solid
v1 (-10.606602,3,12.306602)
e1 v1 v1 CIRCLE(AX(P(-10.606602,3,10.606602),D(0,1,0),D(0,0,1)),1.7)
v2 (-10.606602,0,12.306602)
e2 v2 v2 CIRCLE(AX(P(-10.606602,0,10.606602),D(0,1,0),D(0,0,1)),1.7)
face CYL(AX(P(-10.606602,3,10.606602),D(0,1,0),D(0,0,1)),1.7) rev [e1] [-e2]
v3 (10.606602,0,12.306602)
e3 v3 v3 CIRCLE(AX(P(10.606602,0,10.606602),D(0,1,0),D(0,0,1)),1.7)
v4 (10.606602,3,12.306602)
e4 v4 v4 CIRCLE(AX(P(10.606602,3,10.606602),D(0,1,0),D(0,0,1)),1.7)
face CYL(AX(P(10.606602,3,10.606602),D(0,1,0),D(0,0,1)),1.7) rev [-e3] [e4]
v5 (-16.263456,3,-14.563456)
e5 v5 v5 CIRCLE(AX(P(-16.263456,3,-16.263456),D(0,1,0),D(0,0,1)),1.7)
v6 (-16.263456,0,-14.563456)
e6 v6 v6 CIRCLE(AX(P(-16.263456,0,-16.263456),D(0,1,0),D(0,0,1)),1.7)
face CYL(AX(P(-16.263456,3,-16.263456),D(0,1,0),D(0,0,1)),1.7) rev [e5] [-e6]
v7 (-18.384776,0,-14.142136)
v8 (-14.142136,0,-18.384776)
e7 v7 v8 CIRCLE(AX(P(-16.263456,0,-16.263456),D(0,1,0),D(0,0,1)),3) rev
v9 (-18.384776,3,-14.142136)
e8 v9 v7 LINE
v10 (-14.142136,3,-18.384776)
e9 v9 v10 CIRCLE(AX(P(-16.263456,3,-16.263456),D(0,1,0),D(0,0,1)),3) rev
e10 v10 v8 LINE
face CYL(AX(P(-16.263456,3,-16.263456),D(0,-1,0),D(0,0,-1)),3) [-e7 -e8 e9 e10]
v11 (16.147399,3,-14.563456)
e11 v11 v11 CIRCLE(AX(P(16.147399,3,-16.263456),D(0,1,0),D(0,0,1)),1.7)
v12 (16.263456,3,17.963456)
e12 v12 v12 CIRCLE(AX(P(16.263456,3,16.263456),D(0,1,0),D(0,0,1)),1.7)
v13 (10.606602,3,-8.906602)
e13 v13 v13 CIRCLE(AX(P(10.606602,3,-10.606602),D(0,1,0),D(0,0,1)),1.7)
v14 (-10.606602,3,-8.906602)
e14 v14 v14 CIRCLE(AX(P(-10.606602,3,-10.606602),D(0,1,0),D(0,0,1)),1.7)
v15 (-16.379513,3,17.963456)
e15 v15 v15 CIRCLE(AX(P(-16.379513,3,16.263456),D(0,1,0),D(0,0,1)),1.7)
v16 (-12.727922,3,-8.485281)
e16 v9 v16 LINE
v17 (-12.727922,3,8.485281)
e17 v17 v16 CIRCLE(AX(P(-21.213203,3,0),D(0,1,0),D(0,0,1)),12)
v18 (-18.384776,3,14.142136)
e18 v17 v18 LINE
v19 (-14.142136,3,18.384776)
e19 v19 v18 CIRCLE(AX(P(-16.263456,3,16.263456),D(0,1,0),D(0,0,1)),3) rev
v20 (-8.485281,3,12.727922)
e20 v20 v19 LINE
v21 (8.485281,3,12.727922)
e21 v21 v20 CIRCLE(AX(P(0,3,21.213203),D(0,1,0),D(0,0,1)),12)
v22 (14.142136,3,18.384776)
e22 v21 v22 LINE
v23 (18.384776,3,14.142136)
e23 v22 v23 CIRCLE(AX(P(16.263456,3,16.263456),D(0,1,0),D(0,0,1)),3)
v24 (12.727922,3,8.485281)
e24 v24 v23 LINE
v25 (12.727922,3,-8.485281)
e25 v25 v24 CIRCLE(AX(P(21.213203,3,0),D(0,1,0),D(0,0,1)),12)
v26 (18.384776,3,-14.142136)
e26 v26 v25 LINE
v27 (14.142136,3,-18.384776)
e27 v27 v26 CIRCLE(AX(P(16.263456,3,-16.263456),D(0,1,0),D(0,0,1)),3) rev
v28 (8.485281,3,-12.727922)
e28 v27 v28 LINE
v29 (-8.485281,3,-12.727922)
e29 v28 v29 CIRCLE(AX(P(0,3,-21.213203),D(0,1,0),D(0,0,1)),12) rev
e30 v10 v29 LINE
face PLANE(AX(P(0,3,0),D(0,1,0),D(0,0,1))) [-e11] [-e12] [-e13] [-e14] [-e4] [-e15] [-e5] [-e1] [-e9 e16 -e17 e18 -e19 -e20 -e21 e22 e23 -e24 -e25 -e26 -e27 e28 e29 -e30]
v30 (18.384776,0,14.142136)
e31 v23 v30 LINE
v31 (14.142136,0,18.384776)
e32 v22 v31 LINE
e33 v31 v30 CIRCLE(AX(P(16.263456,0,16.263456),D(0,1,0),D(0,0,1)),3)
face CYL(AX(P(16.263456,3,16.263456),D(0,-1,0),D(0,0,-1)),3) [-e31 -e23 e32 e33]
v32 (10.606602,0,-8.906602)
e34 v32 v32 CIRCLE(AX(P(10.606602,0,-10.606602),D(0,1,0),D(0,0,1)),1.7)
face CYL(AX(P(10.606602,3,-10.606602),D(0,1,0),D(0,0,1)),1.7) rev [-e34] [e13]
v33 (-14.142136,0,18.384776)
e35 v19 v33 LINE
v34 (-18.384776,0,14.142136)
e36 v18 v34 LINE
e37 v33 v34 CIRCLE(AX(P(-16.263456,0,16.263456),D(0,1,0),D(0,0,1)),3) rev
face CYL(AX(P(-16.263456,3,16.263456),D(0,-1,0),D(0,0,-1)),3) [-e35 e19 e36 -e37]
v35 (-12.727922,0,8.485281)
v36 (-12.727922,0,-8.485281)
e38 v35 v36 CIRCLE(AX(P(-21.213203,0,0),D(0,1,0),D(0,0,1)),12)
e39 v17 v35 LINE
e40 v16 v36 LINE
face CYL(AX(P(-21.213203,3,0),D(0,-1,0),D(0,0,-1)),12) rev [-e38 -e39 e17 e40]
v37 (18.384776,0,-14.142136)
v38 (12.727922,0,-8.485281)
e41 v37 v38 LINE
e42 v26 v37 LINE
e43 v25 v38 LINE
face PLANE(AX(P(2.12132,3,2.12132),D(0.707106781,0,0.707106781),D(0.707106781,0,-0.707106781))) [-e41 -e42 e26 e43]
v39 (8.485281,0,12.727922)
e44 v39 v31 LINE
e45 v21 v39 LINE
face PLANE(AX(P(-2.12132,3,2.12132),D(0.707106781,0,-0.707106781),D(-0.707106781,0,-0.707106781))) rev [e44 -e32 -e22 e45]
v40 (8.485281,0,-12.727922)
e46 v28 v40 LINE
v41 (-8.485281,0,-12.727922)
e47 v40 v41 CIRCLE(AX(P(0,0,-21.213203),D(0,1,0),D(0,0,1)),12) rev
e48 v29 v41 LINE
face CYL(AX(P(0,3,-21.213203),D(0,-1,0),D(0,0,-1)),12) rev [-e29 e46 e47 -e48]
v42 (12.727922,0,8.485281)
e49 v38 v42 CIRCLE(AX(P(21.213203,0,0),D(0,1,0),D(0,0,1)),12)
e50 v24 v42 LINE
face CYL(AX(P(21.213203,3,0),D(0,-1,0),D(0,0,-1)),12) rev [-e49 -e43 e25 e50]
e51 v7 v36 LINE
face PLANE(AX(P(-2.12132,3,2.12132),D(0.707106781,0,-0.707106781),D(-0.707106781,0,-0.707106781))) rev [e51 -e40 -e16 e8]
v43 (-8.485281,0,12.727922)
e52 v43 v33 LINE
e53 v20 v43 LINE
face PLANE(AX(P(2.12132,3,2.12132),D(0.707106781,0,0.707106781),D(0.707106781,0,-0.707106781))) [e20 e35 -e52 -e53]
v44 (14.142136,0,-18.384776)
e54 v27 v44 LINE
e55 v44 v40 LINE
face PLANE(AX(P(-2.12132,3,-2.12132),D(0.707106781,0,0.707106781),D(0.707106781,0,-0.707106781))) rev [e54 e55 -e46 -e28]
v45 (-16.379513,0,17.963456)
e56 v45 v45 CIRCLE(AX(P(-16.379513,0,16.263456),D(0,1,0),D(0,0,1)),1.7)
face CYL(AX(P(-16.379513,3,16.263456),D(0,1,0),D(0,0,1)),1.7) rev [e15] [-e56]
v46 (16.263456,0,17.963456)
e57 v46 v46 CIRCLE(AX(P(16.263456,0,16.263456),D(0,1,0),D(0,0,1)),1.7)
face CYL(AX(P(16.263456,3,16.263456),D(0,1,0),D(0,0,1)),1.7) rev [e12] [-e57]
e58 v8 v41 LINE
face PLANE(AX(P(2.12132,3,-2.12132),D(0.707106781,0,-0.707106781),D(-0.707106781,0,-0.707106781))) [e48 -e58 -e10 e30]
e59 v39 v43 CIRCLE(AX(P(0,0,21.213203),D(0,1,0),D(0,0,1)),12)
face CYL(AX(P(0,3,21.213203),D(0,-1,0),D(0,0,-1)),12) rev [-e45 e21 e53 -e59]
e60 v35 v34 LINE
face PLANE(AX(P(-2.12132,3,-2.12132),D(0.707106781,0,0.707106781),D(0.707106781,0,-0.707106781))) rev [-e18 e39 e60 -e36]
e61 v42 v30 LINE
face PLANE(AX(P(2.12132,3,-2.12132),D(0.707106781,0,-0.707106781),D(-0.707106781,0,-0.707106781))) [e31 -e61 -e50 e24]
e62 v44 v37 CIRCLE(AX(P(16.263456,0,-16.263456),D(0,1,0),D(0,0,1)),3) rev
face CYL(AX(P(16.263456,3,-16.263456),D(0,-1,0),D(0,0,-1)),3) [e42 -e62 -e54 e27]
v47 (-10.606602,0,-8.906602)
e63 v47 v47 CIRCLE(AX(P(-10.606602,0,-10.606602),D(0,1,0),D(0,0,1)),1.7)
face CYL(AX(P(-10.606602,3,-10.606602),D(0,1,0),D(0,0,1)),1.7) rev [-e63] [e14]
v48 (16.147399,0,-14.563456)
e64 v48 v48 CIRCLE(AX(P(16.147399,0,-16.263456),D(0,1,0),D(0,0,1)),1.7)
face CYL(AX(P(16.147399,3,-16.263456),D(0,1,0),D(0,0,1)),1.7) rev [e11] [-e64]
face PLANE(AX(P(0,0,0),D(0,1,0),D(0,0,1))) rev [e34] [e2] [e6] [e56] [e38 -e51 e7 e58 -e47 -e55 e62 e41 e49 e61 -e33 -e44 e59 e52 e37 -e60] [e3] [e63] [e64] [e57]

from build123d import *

# Parameters (mm, degrees)
BOSS_EXTRUDE1_DEPTH  = 3
M3_CLEARANCE_HOLE3_D = 3.4


with BuildPart() as part:
    # Sketch1 → Boss-Extrude1 (new body)
    with BuildSketch(Plane(origin=(0, 0, 0), x_dir=(1, 0, 0), z_dir=(0, 1, 0))):
        with BuildLine():
            Line((-18.384776311, 14.142135624), (-12.727922061, 8.485281374))
            ThreePointArc((-12.727922061, 8.485281374), (-9.213203436, 0), (-12.727922061, -8.485281374))
            Line((-12.727922061, -8.485281374), (-18.384776311, -14.142135624))
            ThreePointArc((-18.384776311, -14.142135624), (-18.384776311, -18.384776311), (-14.142135624, -18.384776311))
            Line((-14.142135624, -18.384776311), (-8.485281374, -12.727922061))
            ThreePointArc((-8.485281374, -12.727922061), (0, -9.213203436), (8.485281374, -12.727922061))
            Line((8.485281374, -12.727922061), (14.142135624, -18.384776311))
            ThreePointArc((14.142135624, -18.384776311), (18.384776311, -18.384776311), (18.384776311, -14.142135624))
            Line((18.384776311, -14.142135624), (12.727922061, -8.485281374))
            ThreePointArc((12.727922061, -8.485281374), (9.213203436, 0), (12.727922061, 8.485281374))
            Line((12.727922061, 8.485281374), (18.384776311, 14.142135624))
            ThreePointArc((18.384776311, 14.142135624), (18.384776311, 18.384776311), (14.142135624, 18.384776311))
            Line((14.142135624, 18.384776311), (8.485281374, 12.727922061))
            ThreePointArc((8.485281374, 12.727922061), (0, 9.213203436), (-8.485281374, 12.727922061))
            Line((-8.485281374, 12.727922061), (-14.142135624, 18.384776311))
            ThreePointArc((-14.142135624, 18.384776311), (-18.384776311, 18.384776311), (-18.384776311, 14.142135624))
        make_face()
    extrude(amount=BOSS_EXTRUDE1_DEPTH)

    # M3 Clearance Hole3 (through all)
    with Locations(Plane(origin=(0, 3, 0), x_dir=(1, 0, 0), z_dir=(0, 1, 0))):
        with Locations((-16.379512961, -16.263455967), (-10.606601718, -10.606601718), (16.263455967, -16.263455967), (10.606601718, -10.606601718), (16.147398973, 16.263455967), (10.606601718, 10.606601718), (-10.606601718, 10.606601718), (-16.263455967, 16.263455967)):
            Hole(M3_CLEARANCE_HOLE3_D / 2)


solid = part.part
